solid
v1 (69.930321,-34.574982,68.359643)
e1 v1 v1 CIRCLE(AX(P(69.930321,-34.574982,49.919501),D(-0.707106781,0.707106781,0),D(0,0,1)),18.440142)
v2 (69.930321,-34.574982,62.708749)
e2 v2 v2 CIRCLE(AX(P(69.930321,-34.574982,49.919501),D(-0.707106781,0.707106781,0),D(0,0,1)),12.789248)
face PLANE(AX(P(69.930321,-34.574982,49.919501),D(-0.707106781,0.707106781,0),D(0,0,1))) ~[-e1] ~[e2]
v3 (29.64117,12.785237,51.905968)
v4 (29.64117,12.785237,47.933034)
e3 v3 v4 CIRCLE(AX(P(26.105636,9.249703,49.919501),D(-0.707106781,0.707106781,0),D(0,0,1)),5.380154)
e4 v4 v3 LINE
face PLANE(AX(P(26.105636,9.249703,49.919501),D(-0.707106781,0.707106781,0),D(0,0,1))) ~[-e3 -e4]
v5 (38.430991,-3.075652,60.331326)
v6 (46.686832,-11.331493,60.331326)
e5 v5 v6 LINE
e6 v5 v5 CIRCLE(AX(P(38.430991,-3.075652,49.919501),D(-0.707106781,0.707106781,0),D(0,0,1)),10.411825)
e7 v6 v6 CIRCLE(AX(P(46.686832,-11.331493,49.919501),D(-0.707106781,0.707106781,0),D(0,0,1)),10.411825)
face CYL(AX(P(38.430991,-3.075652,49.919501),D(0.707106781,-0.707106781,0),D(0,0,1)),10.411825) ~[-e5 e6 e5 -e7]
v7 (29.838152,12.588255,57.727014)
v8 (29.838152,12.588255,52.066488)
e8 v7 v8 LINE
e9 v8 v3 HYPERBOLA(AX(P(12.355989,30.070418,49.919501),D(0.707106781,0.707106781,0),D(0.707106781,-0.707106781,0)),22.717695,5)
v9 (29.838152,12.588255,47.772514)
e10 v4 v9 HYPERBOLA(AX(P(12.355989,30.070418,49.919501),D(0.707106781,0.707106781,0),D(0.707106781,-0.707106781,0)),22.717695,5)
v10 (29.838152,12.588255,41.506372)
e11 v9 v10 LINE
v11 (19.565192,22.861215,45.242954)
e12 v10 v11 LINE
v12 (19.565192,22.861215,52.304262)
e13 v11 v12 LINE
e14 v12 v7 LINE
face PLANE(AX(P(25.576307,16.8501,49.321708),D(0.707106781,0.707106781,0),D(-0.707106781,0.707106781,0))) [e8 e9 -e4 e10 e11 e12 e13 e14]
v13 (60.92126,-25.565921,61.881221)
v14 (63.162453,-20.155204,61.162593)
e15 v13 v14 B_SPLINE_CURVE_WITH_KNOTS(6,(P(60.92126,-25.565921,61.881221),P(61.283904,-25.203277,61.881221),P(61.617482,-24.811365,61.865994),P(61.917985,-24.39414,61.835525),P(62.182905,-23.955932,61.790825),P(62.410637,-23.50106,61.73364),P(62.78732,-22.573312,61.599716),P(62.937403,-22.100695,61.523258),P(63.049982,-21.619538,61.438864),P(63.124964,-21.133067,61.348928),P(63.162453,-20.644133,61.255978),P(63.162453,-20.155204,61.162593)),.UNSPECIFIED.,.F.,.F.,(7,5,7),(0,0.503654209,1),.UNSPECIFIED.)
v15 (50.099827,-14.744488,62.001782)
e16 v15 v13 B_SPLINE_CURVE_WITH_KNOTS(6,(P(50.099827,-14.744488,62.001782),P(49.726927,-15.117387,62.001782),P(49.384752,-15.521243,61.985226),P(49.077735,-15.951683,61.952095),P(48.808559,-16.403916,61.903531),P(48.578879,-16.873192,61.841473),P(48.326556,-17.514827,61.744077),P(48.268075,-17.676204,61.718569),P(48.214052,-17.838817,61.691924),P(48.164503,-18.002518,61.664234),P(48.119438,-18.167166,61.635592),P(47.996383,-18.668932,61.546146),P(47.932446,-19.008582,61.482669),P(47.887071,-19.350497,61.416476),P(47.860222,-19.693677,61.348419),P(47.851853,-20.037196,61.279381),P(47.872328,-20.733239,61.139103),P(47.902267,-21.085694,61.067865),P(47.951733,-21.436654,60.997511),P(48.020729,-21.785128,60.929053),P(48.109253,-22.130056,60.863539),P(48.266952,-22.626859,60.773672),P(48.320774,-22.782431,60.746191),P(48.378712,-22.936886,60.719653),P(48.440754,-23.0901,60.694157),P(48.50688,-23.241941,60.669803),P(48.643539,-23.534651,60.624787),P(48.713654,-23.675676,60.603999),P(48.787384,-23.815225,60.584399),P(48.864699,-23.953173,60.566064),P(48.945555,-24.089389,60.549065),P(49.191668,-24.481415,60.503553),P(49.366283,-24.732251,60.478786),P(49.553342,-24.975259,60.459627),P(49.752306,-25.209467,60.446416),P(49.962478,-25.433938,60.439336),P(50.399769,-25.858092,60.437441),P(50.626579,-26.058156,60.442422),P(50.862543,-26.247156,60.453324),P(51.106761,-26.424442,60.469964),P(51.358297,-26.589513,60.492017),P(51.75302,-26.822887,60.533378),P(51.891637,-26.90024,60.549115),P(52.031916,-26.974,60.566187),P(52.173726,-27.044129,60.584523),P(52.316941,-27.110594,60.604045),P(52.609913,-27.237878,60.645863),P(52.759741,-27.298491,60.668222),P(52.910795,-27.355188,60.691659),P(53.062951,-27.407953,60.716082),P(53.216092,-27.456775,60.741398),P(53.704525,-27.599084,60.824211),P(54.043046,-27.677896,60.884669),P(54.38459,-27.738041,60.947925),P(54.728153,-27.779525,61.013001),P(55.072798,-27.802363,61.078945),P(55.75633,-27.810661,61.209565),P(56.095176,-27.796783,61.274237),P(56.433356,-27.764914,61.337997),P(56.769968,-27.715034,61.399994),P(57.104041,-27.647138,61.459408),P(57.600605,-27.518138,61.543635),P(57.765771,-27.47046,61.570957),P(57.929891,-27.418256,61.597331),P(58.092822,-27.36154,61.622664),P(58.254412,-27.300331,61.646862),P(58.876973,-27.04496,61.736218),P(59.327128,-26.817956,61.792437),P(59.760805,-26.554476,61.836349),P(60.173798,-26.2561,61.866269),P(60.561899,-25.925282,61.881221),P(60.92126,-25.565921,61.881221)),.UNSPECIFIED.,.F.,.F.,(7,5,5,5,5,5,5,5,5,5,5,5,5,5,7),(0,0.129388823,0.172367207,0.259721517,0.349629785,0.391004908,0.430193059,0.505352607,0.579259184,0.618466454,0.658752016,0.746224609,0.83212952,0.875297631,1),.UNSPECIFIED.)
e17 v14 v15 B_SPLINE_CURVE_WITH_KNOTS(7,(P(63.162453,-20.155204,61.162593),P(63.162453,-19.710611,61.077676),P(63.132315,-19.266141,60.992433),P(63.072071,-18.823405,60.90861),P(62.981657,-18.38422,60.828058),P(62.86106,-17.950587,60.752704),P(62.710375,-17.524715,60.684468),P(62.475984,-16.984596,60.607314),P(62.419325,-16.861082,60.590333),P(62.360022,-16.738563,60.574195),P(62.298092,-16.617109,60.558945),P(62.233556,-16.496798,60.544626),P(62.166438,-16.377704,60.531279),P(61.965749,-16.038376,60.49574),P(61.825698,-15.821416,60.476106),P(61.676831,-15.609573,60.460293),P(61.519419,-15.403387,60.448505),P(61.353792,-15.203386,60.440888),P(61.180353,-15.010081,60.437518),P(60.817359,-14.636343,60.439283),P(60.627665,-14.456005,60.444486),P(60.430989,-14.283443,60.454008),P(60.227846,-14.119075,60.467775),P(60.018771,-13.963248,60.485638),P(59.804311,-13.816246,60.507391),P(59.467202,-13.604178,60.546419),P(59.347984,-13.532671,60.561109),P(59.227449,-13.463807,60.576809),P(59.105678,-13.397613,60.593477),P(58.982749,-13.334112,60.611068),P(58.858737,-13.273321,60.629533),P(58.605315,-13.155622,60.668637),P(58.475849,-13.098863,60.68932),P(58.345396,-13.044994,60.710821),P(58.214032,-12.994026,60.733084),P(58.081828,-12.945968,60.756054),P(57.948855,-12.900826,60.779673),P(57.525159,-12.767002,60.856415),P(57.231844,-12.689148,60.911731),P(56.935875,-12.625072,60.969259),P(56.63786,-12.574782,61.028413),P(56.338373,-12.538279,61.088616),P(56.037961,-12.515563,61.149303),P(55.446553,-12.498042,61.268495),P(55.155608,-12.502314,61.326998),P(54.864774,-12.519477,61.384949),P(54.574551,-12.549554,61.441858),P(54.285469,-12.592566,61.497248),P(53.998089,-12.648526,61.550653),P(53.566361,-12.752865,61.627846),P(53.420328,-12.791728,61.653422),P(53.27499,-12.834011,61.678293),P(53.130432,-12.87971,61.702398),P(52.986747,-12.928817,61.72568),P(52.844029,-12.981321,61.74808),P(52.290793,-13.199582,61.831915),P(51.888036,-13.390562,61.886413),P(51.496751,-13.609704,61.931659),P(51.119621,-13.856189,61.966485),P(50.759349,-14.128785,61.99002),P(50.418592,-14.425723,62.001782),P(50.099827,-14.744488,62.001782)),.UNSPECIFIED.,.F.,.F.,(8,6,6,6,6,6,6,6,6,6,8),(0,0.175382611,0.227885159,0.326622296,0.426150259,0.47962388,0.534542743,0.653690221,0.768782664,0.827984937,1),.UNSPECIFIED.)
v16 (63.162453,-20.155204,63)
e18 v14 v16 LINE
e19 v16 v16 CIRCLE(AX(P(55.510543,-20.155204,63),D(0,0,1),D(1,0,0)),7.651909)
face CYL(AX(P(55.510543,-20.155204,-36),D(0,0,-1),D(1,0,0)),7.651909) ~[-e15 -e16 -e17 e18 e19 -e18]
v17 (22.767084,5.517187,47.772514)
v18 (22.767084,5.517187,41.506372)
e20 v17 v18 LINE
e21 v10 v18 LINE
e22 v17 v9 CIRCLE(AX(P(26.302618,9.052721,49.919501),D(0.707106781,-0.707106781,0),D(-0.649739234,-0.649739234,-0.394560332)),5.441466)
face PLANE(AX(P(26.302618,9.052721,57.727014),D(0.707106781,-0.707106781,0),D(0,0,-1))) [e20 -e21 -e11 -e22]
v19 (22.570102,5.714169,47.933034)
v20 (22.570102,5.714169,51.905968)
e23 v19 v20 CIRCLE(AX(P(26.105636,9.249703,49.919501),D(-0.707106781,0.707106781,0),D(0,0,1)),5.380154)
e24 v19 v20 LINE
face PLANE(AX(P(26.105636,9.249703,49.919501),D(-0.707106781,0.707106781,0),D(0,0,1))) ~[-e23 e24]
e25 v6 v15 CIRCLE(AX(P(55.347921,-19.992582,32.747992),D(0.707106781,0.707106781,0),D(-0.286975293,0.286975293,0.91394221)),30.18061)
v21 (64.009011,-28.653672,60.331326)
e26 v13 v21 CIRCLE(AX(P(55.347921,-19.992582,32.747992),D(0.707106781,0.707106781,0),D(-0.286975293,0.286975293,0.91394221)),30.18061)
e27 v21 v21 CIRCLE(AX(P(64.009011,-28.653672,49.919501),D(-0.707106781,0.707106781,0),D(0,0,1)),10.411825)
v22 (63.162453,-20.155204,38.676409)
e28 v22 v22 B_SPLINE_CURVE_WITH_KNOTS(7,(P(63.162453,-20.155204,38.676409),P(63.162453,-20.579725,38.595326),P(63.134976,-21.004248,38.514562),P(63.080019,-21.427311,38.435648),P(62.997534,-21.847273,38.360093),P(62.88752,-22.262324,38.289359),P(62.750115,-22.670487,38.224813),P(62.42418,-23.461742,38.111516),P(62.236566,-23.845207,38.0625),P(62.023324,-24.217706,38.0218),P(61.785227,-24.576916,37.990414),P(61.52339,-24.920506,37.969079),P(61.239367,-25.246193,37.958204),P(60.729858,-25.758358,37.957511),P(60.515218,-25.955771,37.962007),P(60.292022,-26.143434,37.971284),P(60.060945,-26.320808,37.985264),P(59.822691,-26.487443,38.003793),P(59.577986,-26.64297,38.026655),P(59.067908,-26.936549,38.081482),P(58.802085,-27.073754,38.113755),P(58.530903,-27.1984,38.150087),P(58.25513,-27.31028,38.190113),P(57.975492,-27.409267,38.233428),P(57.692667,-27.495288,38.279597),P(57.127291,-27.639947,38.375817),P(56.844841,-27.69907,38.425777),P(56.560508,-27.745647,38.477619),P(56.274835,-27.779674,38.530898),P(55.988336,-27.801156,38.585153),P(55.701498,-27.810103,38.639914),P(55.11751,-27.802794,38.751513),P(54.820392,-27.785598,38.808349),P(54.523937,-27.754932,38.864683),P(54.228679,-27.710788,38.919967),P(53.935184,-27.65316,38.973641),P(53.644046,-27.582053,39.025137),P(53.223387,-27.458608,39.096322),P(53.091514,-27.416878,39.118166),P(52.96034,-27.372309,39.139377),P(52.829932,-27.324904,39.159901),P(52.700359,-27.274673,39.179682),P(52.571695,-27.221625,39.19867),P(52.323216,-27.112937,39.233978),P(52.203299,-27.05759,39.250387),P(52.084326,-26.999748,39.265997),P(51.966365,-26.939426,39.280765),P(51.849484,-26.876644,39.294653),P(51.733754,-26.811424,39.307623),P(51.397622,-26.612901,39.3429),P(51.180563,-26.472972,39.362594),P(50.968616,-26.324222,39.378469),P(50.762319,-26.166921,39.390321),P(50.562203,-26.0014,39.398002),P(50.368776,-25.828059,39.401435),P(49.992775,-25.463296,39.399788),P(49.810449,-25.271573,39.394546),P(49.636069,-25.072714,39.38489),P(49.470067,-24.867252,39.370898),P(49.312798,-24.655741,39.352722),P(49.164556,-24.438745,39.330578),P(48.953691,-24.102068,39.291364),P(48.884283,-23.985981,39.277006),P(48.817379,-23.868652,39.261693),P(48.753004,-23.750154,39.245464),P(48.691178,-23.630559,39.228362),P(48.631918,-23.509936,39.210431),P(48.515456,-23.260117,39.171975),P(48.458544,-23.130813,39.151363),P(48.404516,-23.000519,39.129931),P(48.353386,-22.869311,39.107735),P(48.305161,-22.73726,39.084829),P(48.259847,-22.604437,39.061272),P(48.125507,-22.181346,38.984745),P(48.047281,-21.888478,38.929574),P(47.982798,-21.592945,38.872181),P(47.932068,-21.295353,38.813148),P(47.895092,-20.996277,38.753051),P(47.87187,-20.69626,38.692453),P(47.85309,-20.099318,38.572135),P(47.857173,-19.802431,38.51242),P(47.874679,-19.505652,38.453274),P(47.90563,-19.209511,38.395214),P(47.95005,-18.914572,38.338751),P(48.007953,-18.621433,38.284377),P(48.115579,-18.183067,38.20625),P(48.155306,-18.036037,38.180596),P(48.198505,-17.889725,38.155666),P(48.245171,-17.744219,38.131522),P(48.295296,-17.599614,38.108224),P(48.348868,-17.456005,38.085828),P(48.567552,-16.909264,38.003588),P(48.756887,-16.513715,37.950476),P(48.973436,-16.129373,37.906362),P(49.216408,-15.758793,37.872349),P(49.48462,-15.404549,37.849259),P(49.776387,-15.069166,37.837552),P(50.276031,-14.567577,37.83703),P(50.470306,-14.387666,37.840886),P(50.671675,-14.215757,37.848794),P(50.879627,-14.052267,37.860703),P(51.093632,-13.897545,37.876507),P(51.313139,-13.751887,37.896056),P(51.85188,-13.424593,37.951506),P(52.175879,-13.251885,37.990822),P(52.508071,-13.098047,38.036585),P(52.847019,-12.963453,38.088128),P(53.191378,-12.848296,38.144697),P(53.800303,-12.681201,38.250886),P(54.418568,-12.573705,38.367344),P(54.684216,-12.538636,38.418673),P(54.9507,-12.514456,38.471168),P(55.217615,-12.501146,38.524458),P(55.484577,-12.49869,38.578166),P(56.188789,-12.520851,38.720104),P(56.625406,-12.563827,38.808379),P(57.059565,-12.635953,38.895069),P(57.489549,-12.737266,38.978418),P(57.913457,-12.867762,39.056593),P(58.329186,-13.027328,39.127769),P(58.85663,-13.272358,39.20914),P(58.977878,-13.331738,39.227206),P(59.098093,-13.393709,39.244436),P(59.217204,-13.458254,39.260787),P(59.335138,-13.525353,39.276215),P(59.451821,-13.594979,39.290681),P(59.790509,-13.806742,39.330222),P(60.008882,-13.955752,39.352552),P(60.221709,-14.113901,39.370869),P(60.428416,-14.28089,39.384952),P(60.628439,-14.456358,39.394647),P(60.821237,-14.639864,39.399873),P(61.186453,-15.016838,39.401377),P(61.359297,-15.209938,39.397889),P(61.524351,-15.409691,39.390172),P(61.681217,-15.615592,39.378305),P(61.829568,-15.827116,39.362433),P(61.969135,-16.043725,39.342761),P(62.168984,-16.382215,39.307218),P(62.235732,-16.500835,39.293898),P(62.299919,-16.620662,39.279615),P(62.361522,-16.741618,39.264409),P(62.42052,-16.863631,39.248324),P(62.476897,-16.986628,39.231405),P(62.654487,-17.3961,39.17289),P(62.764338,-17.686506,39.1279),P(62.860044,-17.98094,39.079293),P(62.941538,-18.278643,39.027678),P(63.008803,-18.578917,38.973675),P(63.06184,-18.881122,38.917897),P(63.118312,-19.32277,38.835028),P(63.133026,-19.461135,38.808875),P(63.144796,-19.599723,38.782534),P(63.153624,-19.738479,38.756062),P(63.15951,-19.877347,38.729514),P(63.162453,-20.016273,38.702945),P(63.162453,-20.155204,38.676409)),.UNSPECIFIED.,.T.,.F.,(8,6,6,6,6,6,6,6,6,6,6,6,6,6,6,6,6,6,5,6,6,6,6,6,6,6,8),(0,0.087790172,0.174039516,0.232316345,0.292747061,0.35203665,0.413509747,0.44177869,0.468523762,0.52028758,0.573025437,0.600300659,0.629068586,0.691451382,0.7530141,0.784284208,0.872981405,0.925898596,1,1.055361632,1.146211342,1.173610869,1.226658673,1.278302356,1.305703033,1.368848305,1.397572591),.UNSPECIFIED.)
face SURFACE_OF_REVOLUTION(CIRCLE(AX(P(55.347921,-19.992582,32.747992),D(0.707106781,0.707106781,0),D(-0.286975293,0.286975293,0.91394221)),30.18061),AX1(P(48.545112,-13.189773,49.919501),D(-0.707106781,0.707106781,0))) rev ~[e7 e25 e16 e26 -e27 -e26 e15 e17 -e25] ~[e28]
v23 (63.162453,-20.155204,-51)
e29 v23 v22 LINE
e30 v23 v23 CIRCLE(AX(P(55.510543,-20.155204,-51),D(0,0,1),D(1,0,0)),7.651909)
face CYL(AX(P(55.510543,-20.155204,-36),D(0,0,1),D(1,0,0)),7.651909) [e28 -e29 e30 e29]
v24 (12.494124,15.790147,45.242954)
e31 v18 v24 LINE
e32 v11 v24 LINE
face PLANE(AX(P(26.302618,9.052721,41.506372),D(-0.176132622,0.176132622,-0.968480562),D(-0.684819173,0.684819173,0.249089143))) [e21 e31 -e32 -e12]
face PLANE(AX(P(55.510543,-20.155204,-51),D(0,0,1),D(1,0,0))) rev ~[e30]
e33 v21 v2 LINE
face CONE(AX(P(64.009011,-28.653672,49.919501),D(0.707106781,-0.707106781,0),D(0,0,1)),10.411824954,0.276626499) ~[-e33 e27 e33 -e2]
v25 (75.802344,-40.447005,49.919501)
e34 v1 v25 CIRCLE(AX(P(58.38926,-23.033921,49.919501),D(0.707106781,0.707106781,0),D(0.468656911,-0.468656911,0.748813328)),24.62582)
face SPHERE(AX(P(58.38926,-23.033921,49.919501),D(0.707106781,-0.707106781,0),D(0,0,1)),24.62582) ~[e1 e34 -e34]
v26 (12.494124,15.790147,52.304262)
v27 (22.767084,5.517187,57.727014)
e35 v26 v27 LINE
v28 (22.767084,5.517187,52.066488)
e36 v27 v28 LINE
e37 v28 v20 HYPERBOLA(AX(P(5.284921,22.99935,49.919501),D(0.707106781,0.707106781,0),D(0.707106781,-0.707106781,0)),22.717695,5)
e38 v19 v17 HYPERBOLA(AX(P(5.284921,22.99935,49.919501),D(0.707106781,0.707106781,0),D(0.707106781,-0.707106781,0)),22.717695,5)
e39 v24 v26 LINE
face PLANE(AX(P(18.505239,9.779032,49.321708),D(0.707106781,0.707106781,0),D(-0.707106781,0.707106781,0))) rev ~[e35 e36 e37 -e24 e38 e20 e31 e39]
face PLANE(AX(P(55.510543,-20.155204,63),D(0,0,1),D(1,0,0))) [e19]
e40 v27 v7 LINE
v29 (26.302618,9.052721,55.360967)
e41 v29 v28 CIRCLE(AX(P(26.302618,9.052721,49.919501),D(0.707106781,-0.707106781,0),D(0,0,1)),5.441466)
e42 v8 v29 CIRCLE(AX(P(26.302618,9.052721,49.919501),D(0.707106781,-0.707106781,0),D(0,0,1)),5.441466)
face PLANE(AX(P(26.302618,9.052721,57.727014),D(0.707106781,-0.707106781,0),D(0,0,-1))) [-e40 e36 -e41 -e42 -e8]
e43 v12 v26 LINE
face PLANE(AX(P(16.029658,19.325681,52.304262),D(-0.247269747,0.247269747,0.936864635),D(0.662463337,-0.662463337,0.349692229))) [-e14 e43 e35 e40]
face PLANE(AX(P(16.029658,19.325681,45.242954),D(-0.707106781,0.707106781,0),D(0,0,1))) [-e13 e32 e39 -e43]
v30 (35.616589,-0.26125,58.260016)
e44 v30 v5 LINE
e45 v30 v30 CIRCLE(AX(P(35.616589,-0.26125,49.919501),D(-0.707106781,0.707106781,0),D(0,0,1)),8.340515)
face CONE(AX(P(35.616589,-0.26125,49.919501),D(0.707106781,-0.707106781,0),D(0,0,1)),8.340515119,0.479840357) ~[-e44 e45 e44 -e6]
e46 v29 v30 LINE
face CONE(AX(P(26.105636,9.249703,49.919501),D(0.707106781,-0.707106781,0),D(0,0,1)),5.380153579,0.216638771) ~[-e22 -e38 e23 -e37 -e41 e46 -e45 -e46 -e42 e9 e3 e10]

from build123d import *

# Parameters (mm, degrees)
F8_DEPTH  = 5
F9_DEPTH  = 5
F10_R     = 7.6519091013
F11_DEPTH = 99
F12_DEPTH = 15


with BuildPart() as f6:
    # F5 (on offset) → F6 (revolve)
    with BuildSketch(Plane(origin=(17.6776695297, 17.6776695297, 0), x_dir=(-0.7071067812, 0.7071067812, 0), z_dir=(0.7071067812, 0.7071067812, 0))):
        with BuildLine():
            Line((-82.2007035037, 49.919500947), (-75.3873662255, 49.919500947))
            Line((-75.3873662255, 49.919500947), (-11.9189445844, 49.919500947))
            Line((-11.9189445844, 49.919500947), (-11.9189445844, 55.2996545256))
            Line((-11.9189445844, 55.2996545256), (-25.3694628348, 58.2600160659))
            Line((-25.3694628348, 58.2600160659), (-29.349628467, 60.3313259006))
            Line((-29.349628467, 60.3313259006), (-41.0251509784, 60.3313259006))
            ThreePointArc((-41.0251509784, 60.3313259006), (-53.2737810815, 62.9286025134), (-65.5224111845, 60.3313259006))
            Line((-65.5224111845, 60.3313259006), (-73.8964080811, 62.7087488713))
            Line((-73.8964080811, 62.7087488713), (-73.8964080811, 68.3596432209))
            ThreePointArc((-73.8964080811, 68.3596432209), (-80.0288579522, 60.031377251), (-82.2007035037, 49.919500947))
        make_face()
    revolve(axis=Axis((48.5451117367, -13.1897726774, 49.919500947), (-0.7071067812, 0.7071067812, 0)))

    # F7 (on offset) → F8 (join)
    with BuildSketch(Plane(origin=(17.6776695297, 17.6776695297, 0), x_dir=(-0.7071067812, 0.7071067812, 0), z_dir=(0.7071067812, 0.7071067812, 0))):
        Polygon((2.3306398652, 52.3042623256), (-12.1975196525, 57.7270142357), (-12.1975196525, 41.5063718017), (2.3306398652, 45.2429535571), align=None)
    extrude(amount=F8_DEPTH)

    # F7 (on offset) → F9 (join)
    with BuildSketch(Plane(origin=(17.6776695297, 17.6776695297, 0), x_dir=(-0.7071067812, 0.7071067812, 0), z_dir=(0.7071067812, 0.7071067812, 0))):
        Polygon((2.3306398652, 52.3042623256), (-12.1975196525, 57.7270142357), (-12.1975196525, 41.5063718017), (2.3306398652, 45.2429535571), align=None)
    extrude(amount=-F9_DEPTH)

    # F10 (on offset) → F11 (join)
    with BuildSketch(Plane.XY.offset(-36)):
        with Locations((55.5105434031, -20.1552043437)):
            Circle(F10_R)
    extrude(amount=F11_DEPTH)

    # F10 (on offset) → F12 (join)
    with BuildSketch(Plane.XY.offset(-36)):
        with Locations((55.5105434031, -20.1552043437)):
            Circle(F10_R)
    extrude(amount=-F12_DEPTH)


solid = f6.part
